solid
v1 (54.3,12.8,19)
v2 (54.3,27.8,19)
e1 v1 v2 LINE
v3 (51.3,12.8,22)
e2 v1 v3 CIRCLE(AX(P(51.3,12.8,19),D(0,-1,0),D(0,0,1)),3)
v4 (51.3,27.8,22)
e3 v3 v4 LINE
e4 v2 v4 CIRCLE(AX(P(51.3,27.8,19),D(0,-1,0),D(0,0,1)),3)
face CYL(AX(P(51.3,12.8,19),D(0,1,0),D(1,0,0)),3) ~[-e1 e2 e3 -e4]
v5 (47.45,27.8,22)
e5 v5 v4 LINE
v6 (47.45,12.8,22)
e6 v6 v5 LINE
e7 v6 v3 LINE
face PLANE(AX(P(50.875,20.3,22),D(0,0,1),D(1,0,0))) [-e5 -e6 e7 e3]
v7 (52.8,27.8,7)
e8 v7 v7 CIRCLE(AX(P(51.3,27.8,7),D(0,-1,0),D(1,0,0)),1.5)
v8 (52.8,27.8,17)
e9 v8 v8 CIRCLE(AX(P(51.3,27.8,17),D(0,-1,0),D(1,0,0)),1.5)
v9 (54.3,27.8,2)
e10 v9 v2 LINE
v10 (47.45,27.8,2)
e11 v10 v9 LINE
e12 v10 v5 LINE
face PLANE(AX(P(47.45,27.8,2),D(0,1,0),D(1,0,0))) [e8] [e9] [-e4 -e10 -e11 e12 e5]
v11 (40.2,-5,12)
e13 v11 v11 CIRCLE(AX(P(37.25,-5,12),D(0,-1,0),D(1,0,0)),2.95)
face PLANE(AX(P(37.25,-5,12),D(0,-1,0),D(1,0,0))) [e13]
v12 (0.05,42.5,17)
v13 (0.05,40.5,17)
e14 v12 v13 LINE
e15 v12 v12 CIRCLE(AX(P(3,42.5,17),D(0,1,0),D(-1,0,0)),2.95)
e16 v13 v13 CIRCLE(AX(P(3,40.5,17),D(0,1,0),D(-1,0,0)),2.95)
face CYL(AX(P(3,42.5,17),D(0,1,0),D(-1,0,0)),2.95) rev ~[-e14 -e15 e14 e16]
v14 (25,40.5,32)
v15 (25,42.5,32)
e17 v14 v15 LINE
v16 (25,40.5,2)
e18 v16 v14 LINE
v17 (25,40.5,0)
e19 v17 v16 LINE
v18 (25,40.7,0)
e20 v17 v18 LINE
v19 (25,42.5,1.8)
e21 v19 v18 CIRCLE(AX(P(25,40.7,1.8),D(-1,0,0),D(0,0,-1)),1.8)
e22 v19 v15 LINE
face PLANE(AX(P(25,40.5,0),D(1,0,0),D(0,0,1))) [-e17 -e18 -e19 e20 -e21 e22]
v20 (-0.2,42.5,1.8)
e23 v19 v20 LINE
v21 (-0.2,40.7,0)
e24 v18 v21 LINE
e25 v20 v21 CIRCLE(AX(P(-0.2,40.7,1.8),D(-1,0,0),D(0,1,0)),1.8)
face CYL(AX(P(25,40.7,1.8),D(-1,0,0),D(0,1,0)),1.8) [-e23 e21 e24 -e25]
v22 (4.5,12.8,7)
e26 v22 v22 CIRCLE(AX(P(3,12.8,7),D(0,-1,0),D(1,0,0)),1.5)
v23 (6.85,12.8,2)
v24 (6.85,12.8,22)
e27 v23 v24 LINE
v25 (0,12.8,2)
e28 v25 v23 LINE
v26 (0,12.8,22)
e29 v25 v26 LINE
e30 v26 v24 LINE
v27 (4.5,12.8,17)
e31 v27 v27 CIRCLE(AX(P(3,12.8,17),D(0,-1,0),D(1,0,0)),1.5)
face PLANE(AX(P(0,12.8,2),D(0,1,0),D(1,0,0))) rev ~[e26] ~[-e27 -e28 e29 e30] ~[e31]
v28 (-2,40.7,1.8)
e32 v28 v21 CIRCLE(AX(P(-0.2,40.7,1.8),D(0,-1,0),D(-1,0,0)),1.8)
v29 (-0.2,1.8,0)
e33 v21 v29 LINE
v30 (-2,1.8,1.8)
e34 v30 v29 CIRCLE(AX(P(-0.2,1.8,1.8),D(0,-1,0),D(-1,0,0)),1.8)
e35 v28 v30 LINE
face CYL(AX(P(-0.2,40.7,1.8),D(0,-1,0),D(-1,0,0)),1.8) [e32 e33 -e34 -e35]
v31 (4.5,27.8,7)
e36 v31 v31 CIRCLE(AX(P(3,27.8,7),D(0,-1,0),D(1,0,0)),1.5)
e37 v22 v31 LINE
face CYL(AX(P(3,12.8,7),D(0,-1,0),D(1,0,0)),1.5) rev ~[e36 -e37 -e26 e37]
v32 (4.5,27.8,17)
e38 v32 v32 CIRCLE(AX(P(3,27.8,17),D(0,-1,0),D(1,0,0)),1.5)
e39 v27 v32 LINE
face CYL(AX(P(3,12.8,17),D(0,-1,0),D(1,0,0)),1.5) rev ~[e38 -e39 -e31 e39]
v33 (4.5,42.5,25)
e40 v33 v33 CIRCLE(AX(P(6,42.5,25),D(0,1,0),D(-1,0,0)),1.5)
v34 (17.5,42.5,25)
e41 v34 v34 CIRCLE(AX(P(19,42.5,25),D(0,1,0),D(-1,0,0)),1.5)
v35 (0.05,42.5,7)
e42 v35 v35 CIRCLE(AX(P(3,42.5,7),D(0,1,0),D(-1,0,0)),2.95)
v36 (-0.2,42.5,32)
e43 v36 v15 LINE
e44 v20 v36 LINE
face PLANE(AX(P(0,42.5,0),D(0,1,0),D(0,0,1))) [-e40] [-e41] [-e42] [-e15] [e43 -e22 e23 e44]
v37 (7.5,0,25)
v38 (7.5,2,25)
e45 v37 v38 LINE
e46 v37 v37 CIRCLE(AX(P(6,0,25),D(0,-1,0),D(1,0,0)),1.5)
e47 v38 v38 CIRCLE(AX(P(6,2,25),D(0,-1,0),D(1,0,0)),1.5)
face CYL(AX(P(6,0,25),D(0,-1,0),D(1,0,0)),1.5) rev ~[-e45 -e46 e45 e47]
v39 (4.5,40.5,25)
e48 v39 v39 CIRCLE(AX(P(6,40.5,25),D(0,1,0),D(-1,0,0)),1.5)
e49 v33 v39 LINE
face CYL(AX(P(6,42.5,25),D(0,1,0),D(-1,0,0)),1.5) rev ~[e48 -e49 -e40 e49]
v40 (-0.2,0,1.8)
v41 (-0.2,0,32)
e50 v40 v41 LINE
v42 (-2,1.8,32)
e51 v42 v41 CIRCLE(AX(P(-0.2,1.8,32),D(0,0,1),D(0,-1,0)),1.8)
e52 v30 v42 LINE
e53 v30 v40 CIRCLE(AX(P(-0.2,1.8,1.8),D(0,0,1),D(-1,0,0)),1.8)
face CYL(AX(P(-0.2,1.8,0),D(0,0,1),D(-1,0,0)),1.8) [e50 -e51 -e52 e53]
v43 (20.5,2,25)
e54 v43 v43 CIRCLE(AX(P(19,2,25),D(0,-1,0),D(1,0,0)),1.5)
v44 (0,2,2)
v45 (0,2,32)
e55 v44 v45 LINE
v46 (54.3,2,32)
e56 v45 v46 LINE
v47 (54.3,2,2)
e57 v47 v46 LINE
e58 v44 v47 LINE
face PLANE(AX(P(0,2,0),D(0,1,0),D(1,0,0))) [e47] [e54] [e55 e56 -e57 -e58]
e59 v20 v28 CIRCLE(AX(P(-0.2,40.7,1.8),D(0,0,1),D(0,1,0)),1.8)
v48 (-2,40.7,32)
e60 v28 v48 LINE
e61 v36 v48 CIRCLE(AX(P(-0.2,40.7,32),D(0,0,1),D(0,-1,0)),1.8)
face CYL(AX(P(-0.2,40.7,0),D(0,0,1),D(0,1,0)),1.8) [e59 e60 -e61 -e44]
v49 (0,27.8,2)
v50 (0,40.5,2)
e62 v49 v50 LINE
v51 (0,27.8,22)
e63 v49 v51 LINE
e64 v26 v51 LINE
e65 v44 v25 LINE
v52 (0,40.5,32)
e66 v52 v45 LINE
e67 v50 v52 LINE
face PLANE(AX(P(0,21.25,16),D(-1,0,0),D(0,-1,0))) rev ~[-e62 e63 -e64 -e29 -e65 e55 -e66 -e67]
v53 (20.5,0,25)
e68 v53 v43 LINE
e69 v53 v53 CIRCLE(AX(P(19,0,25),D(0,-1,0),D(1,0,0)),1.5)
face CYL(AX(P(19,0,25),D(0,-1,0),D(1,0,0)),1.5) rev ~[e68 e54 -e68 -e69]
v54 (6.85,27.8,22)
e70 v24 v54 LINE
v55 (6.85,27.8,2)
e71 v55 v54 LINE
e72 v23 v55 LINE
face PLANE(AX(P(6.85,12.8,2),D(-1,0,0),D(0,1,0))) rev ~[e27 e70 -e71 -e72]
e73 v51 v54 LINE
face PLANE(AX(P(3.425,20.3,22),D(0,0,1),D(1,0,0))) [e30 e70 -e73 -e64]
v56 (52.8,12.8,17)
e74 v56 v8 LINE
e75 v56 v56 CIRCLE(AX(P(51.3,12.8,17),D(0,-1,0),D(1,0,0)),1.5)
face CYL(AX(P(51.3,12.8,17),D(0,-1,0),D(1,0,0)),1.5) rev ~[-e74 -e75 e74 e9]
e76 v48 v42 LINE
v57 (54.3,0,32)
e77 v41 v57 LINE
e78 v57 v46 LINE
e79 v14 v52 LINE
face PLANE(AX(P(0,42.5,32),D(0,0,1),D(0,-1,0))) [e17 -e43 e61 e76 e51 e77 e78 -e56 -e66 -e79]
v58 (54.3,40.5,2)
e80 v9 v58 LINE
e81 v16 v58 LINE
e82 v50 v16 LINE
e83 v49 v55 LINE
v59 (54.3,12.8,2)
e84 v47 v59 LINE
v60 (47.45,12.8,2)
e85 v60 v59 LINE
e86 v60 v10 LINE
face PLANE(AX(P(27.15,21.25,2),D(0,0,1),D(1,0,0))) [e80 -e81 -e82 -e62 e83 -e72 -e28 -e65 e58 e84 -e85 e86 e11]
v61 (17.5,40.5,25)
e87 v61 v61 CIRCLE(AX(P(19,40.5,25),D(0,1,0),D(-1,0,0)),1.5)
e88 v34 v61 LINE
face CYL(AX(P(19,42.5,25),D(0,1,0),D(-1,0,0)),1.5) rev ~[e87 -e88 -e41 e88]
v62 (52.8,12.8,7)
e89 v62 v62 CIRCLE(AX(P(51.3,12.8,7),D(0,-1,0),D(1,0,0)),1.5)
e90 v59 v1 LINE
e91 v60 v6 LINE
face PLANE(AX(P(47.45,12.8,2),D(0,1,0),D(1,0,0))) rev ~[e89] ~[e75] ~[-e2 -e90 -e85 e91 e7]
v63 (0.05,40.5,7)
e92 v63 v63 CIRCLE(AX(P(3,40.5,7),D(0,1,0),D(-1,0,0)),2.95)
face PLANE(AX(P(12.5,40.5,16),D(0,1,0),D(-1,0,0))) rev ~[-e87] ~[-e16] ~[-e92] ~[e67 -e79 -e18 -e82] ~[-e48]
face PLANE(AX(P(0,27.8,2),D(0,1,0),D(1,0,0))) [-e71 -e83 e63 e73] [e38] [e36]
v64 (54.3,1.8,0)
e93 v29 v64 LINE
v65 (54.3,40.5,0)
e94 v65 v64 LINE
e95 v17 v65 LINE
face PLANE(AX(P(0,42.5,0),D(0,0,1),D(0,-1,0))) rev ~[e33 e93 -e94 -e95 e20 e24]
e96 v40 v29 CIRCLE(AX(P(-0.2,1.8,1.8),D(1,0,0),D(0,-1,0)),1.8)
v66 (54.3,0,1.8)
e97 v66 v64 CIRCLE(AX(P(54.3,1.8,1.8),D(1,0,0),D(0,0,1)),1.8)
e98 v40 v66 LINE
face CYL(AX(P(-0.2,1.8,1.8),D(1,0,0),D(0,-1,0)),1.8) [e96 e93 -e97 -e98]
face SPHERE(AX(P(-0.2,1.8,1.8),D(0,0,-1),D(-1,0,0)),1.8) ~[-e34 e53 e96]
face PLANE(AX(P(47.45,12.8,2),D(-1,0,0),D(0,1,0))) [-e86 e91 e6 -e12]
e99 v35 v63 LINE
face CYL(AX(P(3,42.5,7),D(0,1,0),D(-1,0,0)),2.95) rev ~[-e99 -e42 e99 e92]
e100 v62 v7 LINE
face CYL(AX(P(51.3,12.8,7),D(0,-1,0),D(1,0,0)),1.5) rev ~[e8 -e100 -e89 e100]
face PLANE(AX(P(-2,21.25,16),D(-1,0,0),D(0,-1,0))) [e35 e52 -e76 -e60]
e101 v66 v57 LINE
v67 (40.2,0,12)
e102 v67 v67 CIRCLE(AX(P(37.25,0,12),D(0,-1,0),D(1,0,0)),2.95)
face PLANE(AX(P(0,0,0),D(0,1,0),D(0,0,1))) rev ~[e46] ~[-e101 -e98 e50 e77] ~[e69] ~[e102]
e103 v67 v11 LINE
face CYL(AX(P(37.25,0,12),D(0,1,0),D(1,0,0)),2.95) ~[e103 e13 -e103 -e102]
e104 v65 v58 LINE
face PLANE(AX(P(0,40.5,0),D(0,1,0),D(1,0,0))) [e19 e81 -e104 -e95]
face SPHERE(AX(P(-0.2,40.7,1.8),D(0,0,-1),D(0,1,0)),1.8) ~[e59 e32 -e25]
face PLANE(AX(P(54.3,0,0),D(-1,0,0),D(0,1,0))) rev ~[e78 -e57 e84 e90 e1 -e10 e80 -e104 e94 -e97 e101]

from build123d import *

# Parameters (mm, degrees)
SKETCH_W        = 54.3
SKETCH_H        = 38.5
PAD_DEPTH       = 2
SKETCH003_W     = 6.85
SKETCH003_H     = 15
PAD001_DEPTH    = 20
SKETCH001_W     = 54.3
SKETCH001_H     = 2
PAD003_DEPTH    = 32
SKETCH005_W     = 6.85
SKETCH005_H     = 15
PAD004_DEPTH    = 20
SKETCH002_R     = 2.95
PAD005_DEPTH    = 5
SKETCH007_W     = 25
SKETCH007_H     = 32
PAD006_DEPTH    = 2
SKETCH006_R     = 1.5
POCKET_DEPTH    = 15
SKETCH004_R     = 1.5
POCKET001_DEPTH = 20
SKETCH009_R     = 1.5
SKETCH009_R_2   = 2.95
POCKET002_DEPTH = 2
SKETCH008_R     = 1.5
POCKET003_DEPTH = 3
SKETCH010_W     = 42.5
SKETCH010_H     = 32
PAD007_DEPTH    = 2
FILLET_R        = 1.8
FILLET001_R     = 1.8
FILLET002_R     = 1.8
FILLET003_R     = 3


with BuildPart() as part:
    # Sketch → Pad (new body)
    with BuildSketch(Plane.XY):
        with Locations((27.15, 21.25)):
            Rectangle(SKETCH_W, SKETCH_H)
    extrude(amount=PAD_DEPTH)

    # Sketch003 → Pad001 (join)
    with BuildSketch(Plane.XY.offset(2)):
        with Locations((3.425, 20.3)):
            Rectangle(SKETCH003_W, SKETCH003_H)
    extrude(amount=PAD001_DEPTH)

    # Sketch001 → Pad003 (join)
    with BuildSketch(Plane.XY):
        with Locations((27.15, 1)):
            Rectangle(SKETCH001_W, SKETCH001_H)
    extrude(amount=PAD003_DEPTH)

    # Sketch005 (on Face5 of Pad003) → Pad004 (join)
    with BuildSketch(Plane.XY.offset(2)):
        with Locations((50.875, 20.3)):
            Rectangle(SKETCH005_W, SKETCH005_H)
    extrude(amount=PAD004_DEPTH)

    # Sketch002 (on Face18 of Pad004) → Pad005 (join)
    with BuildSketch(Plane.XZ):
        with Locations((37.25, 12)):
            Circle(SKETCH002_R)
    extrude(amount=PAD005_DEPTH)

    # Sketch007 (on Face1 of Pad005) → Pad006 (join)
    with BuildSketch(Plane(origin=(0, 40.5, 0), x_dir=(-1, 0, 0), z_dir=(0, 1, 0))):
        with Locations((-12.5, 16)):
            Rectangle(SKETCH007_W, SKETCH007_H)
    extrude(amount=PAD006_DEPTH)

    # Sketch006 (on Face14 of Pad006) → Pocket (cut)
    with BuildSketch(Plane.XZ.offset(-12.8)):
        with Locations((51.3, 17)):
            Circle(SKETCH006_R)
        with Locations((51.3, 7)):
            Circle(SKETCH006_R)
    extrude(amount=-POCKET_DEPTH, mode=Mode.SUBTRACT)

    # Sketch004 (on Face16 of Pocket) → Pocket001 (cut)
    with BuildSketch(Plane.XZ.offset(-12.8)):
        with Locations((3, 17)):
            Circle(SKETCH004_R)
        with Locations((3, 7)):
            Circle(SKETCH004_R)
    extrude(amount=-POCKET001_DEPTH, mode=Mode.SUBTRACT)

    # Sketch009 (on Face20 of Pocket001) → Pocket002 (cut)
    with BuildSketch(Plane(origin=(0, 42.5, 0), x_dir=(-1, 0, 0), z_dir=(0, 1, 0))):
        with Locations((-6, 25)):
            Circle(SKETCH009_R)
        with Locations((-19, 25)):
            Circle(SKETCH009_R)
        with Locations((-3, 7)):
            Circle(SKETCH009_R_2)
        with Locations((-3, 17)):
            Circle(SKETCH009_R_2)
    extrude(amount=-POCKET002_DEPTH, mode=Mode.SUBTRACT)

    # Sketch008 → Pocket003 (cut)
    with BuildSketch(Plane.XZ):
        with Locations((19, 25)):
            Circle(SKETCH008_R)
        with Locations((6, 25)):
            Circle(SKETCH008_R)
    extrude(amount=-POCKET003_DEPTH, mode=Mode.SUBTRACT)

    # Sketch010 (on Face8 of Pocket003) → Pad007 (join)
    with BuildSketch(Plane(origin=(0, 0, 0), x_dir=(0, -1, 0), z_dir=(-1, 0, 0))):
        with Locations((-21.25, 16)):
            Rectangle(SKETCH010_W, SKETCH010_H)
    extrude(amount=PAD007_DEPTH)

    # Fillet
    fillet_edges = [part.edges().sort_by_distance(p)[0] for p in [
        (-2, 42.5, 16),
    ]]
    fillet(fillet_edges, radius=FILLET_R)

    # Fillet001
    fillet001_edges = [part.edges().sort_by_distance(p)[0] for p in [
        (-2, 0, 16),
    ]]
    fillet(fillet001_edges, radius=FILLET001_R)

    # Fillet002
    fillet002_edges = [part.edges().sort_by_distance(p)[0] for p in [
        (-2, 21.25, 0),
    ]]
    fillet(fillet002_edges, radius=FILLET002_R)

    # Fillet003
    fillet003_edges = [part.edges().sort_by_distance(p)[0] for p in [
        (54.3, 20.3, 22),
    ]]
    fillet(fillet003_edges, radius=FILLET003_R)


solid = part.part
